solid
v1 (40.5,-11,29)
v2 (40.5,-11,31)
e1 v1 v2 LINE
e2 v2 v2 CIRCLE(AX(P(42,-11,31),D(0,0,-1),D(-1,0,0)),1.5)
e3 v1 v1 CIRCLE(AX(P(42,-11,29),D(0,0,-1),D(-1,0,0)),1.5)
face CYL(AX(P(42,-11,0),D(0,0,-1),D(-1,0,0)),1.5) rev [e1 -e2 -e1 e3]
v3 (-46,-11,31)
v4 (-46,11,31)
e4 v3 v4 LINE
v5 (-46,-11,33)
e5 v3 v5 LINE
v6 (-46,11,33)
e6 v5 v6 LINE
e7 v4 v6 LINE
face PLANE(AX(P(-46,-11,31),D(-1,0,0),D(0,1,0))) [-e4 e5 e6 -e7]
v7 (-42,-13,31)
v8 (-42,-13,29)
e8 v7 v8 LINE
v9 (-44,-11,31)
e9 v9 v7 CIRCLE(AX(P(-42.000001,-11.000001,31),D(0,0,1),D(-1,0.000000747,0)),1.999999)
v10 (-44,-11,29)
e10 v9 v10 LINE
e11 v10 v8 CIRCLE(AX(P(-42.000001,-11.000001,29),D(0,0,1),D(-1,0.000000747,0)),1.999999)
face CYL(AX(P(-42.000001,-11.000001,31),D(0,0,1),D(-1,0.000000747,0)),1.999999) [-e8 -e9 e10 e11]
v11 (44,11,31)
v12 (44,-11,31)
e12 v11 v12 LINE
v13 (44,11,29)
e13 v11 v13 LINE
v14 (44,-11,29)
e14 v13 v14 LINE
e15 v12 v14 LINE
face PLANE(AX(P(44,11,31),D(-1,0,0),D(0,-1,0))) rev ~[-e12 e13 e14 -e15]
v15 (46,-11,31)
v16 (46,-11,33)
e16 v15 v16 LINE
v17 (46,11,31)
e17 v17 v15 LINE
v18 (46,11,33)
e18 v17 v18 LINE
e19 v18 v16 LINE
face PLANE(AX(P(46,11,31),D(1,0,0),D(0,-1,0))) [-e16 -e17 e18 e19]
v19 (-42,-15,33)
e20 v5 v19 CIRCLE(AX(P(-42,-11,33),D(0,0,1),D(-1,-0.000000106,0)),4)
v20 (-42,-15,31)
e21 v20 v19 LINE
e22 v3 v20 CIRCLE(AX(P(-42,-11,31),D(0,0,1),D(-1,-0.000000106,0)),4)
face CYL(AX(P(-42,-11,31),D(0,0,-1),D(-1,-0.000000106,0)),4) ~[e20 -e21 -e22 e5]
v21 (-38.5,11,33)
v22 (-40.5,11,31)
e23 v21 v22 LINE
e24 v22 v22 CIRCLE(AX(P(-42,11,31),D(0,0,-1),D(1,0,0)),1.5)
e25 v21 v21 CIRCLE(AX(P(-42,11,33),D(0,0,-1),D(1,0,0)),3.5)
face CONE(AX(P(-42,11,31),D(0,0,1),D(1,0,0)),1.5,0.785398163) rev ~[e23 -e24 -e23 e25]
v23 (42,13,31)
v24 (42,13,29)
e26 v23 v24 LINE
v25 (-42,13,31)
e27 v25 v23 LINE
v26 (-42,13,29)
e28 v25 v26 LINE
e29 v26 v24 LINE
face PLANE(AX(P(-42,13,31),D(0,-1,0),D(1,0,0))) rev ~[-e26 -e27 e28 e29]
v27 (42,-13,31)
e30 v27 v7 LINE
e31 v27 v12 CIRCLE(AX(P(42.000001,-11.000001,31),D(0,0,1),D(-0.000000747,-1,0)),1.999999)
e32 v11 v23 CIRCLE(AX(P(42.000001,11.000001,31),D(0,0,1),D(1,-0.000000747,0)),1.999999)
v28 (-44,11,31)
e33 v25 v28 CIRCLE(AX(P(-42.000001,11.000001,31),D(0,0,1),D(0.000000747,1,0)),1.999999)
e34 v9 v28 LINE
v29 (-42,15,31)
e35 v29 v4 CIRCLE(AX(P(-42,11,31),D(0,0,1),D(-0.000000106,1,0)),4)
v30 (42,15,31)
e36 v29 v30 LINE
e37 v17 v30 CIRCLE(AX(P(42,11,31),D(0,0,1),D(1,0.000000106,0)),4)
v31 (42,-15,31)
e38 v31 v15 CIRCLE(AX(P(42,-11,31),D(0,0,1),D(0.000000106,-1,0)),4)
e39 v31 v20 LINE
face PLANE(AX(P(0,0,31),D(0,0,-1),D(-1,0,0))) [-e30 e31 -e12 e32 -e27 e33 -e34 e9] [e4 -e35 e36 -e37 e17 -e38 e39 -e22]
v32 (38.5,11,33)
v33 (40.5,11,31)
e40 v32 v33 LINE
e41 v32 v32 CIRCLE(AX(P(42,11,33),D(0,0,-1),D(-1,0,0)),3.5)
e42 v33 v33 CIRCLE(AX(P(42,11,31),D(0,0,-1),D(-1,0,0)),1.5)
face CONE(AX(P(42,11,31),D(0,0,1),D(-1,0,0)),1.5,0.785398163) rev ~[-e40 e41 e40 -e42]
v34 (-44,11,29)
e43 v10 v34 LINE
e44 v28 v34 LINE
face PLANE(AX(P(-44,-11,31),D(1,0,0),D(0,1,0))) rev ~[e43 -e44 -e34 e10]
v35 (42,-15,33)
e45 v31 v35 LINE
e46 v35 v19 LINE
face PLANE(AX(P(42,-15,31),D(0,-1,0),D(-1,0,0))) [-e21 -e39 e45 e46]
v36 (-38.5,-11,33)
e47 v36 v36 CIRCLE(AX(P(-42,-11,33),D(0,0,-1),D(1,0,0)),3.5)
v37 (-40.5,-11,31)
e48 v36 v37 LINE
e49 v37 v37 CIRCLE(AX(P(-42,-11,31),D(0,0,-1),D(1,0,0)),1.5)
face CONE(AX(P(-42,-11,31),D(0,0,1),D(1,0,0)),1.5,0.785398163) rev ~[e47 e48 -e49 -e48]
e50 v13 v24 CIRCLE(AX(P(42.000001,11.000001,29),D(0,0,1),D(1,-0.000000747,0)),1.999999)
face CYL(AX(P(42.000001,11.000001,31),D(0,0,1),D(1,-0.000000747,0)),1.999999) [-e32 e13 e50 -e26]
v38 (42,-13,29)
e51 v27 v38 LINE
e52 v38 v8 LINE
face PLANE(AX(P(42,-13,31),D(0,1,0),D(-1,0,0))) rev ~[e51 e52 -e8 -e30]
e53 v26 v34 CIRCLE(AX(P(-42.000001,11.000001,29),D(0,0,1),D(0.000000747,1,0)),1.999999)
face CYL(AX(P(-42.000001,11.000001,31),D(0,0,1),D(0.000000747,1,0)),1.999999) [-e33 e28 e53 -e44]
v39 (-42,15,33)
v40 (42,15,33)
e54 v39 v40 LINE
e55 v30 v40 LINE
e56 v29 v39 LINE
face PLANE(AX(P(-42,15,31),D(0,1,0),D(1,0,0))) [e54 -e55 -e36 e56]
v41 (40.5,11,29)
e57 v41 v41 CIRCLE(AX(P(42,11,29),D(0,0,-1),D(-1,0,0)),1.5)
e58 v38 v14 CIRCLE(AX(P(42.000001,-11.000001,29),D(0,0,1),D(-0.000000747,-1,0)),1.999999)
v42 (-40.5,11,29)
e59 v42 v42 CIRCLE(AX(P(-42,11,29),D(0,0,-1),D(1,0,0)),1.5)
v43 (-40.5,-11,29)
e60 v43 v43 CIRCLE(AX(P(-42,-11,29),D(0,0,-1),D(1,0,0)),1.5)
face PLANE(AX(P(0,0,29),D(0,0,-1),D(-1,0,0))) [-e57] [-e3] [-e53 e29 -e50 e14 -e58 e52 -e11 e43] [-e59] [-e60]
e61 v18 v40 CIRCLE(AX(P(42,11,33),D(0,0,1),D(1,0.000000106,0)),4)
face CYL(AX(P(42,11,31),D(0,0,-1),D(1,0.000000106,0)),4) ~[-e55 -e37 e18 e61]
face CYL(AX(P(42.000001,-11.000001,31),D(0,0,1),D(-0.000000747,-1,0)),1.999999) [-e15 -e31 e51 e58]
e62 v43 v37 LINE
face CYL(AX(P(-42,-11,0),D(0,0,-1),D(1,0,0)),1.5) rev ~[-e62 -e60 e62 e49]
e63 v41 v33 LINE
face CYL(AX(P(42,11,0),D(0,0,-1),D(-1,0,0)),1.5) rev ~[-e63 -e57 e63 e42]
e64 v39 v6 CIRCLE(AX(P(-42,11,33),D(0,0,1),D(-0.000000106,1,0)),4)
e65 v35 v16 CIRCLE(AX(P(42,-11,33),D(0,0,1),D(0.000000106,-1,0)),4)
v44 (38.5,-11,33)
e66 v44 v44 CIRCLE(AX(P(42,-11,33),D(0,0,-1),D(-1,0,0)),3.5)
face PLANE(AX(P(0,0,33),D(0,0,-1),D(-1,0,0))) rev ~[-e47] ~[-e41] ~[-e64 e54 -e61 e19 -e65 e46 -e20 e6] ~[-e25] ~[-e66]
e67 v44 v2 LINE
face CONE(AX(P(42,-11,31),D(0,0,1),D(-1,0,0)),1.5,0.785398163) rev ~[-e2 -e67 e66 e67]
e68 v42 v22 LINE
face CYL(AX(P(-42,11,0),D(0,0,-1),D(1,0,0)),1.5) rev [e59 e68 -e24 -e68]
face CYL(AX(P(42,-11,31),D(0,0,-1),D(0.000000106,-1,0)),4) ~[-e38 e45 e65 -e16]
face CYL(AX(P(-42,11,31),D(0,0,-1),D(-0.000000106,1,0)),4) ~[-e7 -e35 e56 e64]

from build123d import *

# Parameters (mm, degrees)
PAD002_DEPTH                  = 2
PAD003_DEPTH                  = 2
SKETCH005_R                   = 1.5
POCKET001_DEPTH               = 226.7018
SKETCH005_MIRRORED002_2_R     = 1.5
POCKET001_MIRRORED002_2_DEPTH = 226.7018
CHAMFER_SIZE                  = 2


with BuildPart() as part:
    # Sketch003 → Pad002 (new body)
    with BuildSketch(Plane.XY.offset(31)):
        with BuildLine():
            Line((-42, 15), (42, 15))
            ThreePointArc((46, 11), (44.828427, 13.828427), (42, 15))
            Line((46, 11), (46, -11))
            ThreePointArc((42, -15), (44.828427, -13.828427), (46, -11))
            Line((42, -15), (-42, -15))
            ThreePointArc((-46, -11), (-44.828427, -13.828427), (-42, -15))
            Line((-46, -11), (-46, 11))
            ThreePointArc((-42, 15), (-44.828427, 13.828427), (-46, 11))
        make_face()
    extrude(amount=PAD002_DEPTH)

    # Sketch004 → Pad003 (join)
    with BuildSketch(Plane.XY.offset(31)):
        with BuildLine():
            Line((-42, 13), (42, 13))
            ThreePointArc((44, 11), (43.414214, 12.414214), (42, 13))
            Line((44, 11), (44, -11))
            ThreePointArc((42, -13), (43.414214, -12.414214), (44, -11))
            Line((42, -13), (-42, -13))
            ThreePointArc((-44, -11), (-43.414214, -12.414214), (-42, -13))
            Line((-44, -11), (-44, 11))
            ThreePointArc((-42, 13), (-43.414214, 12.414214), (-44, 11))
        make_face()
    extrude(amount=-PAD003_DEPTH)

    # Sketch005 → Pocket001 (cut, through all)
    with BuildSketch(Plane.XY):
        with Locations((-42, 11)):
            Circle(SKETCH005_R)
    pocket001 = extrude(amount=POCKET001_DEPTH, mode=Mode.SUBTRACT)

    # Sketch005 Mirrored002 2 → Pocket001 Mirrored002 2 (cut, through all)
    with BuildSketch(Plane(origin=(0, 0, 0), x_dir=(-1, 0, 0), z_dir=(0, 0, -1))):
        with Locations((-42, 11)):
            Circle(SKETCH005_MIRRORED002_2_R)
    pocket001_mirrored002_2 = extrude(amount=-POCKET001_MIRRORED002_2_DEPTH, mode=Mode.SUBTRACT)

    # Mirrored003: Pocket001, Pocket001 Mirrored002 2 across Sketch005 H_Axis
    add(pocket001.mirror(Plane.ZX), mode=Mode.SUBTRACT)
    add(pocket001_mirrored002_2.mirror(Plane.ZX), mode=Mode.SUBTRACT)

    # Chamfer
    chamfer_edges = [part.edges().sort_by_distance(p)[0] for p in [
        (-43.5, -11, 33),
        (-43.5, 11, 33),
        (43.5, 11, 33),
        (43.5, -11, 33),
    ]]
    chamfer(chamfer_edges, length=CHAMFER_SIZE)


solid = part.part
